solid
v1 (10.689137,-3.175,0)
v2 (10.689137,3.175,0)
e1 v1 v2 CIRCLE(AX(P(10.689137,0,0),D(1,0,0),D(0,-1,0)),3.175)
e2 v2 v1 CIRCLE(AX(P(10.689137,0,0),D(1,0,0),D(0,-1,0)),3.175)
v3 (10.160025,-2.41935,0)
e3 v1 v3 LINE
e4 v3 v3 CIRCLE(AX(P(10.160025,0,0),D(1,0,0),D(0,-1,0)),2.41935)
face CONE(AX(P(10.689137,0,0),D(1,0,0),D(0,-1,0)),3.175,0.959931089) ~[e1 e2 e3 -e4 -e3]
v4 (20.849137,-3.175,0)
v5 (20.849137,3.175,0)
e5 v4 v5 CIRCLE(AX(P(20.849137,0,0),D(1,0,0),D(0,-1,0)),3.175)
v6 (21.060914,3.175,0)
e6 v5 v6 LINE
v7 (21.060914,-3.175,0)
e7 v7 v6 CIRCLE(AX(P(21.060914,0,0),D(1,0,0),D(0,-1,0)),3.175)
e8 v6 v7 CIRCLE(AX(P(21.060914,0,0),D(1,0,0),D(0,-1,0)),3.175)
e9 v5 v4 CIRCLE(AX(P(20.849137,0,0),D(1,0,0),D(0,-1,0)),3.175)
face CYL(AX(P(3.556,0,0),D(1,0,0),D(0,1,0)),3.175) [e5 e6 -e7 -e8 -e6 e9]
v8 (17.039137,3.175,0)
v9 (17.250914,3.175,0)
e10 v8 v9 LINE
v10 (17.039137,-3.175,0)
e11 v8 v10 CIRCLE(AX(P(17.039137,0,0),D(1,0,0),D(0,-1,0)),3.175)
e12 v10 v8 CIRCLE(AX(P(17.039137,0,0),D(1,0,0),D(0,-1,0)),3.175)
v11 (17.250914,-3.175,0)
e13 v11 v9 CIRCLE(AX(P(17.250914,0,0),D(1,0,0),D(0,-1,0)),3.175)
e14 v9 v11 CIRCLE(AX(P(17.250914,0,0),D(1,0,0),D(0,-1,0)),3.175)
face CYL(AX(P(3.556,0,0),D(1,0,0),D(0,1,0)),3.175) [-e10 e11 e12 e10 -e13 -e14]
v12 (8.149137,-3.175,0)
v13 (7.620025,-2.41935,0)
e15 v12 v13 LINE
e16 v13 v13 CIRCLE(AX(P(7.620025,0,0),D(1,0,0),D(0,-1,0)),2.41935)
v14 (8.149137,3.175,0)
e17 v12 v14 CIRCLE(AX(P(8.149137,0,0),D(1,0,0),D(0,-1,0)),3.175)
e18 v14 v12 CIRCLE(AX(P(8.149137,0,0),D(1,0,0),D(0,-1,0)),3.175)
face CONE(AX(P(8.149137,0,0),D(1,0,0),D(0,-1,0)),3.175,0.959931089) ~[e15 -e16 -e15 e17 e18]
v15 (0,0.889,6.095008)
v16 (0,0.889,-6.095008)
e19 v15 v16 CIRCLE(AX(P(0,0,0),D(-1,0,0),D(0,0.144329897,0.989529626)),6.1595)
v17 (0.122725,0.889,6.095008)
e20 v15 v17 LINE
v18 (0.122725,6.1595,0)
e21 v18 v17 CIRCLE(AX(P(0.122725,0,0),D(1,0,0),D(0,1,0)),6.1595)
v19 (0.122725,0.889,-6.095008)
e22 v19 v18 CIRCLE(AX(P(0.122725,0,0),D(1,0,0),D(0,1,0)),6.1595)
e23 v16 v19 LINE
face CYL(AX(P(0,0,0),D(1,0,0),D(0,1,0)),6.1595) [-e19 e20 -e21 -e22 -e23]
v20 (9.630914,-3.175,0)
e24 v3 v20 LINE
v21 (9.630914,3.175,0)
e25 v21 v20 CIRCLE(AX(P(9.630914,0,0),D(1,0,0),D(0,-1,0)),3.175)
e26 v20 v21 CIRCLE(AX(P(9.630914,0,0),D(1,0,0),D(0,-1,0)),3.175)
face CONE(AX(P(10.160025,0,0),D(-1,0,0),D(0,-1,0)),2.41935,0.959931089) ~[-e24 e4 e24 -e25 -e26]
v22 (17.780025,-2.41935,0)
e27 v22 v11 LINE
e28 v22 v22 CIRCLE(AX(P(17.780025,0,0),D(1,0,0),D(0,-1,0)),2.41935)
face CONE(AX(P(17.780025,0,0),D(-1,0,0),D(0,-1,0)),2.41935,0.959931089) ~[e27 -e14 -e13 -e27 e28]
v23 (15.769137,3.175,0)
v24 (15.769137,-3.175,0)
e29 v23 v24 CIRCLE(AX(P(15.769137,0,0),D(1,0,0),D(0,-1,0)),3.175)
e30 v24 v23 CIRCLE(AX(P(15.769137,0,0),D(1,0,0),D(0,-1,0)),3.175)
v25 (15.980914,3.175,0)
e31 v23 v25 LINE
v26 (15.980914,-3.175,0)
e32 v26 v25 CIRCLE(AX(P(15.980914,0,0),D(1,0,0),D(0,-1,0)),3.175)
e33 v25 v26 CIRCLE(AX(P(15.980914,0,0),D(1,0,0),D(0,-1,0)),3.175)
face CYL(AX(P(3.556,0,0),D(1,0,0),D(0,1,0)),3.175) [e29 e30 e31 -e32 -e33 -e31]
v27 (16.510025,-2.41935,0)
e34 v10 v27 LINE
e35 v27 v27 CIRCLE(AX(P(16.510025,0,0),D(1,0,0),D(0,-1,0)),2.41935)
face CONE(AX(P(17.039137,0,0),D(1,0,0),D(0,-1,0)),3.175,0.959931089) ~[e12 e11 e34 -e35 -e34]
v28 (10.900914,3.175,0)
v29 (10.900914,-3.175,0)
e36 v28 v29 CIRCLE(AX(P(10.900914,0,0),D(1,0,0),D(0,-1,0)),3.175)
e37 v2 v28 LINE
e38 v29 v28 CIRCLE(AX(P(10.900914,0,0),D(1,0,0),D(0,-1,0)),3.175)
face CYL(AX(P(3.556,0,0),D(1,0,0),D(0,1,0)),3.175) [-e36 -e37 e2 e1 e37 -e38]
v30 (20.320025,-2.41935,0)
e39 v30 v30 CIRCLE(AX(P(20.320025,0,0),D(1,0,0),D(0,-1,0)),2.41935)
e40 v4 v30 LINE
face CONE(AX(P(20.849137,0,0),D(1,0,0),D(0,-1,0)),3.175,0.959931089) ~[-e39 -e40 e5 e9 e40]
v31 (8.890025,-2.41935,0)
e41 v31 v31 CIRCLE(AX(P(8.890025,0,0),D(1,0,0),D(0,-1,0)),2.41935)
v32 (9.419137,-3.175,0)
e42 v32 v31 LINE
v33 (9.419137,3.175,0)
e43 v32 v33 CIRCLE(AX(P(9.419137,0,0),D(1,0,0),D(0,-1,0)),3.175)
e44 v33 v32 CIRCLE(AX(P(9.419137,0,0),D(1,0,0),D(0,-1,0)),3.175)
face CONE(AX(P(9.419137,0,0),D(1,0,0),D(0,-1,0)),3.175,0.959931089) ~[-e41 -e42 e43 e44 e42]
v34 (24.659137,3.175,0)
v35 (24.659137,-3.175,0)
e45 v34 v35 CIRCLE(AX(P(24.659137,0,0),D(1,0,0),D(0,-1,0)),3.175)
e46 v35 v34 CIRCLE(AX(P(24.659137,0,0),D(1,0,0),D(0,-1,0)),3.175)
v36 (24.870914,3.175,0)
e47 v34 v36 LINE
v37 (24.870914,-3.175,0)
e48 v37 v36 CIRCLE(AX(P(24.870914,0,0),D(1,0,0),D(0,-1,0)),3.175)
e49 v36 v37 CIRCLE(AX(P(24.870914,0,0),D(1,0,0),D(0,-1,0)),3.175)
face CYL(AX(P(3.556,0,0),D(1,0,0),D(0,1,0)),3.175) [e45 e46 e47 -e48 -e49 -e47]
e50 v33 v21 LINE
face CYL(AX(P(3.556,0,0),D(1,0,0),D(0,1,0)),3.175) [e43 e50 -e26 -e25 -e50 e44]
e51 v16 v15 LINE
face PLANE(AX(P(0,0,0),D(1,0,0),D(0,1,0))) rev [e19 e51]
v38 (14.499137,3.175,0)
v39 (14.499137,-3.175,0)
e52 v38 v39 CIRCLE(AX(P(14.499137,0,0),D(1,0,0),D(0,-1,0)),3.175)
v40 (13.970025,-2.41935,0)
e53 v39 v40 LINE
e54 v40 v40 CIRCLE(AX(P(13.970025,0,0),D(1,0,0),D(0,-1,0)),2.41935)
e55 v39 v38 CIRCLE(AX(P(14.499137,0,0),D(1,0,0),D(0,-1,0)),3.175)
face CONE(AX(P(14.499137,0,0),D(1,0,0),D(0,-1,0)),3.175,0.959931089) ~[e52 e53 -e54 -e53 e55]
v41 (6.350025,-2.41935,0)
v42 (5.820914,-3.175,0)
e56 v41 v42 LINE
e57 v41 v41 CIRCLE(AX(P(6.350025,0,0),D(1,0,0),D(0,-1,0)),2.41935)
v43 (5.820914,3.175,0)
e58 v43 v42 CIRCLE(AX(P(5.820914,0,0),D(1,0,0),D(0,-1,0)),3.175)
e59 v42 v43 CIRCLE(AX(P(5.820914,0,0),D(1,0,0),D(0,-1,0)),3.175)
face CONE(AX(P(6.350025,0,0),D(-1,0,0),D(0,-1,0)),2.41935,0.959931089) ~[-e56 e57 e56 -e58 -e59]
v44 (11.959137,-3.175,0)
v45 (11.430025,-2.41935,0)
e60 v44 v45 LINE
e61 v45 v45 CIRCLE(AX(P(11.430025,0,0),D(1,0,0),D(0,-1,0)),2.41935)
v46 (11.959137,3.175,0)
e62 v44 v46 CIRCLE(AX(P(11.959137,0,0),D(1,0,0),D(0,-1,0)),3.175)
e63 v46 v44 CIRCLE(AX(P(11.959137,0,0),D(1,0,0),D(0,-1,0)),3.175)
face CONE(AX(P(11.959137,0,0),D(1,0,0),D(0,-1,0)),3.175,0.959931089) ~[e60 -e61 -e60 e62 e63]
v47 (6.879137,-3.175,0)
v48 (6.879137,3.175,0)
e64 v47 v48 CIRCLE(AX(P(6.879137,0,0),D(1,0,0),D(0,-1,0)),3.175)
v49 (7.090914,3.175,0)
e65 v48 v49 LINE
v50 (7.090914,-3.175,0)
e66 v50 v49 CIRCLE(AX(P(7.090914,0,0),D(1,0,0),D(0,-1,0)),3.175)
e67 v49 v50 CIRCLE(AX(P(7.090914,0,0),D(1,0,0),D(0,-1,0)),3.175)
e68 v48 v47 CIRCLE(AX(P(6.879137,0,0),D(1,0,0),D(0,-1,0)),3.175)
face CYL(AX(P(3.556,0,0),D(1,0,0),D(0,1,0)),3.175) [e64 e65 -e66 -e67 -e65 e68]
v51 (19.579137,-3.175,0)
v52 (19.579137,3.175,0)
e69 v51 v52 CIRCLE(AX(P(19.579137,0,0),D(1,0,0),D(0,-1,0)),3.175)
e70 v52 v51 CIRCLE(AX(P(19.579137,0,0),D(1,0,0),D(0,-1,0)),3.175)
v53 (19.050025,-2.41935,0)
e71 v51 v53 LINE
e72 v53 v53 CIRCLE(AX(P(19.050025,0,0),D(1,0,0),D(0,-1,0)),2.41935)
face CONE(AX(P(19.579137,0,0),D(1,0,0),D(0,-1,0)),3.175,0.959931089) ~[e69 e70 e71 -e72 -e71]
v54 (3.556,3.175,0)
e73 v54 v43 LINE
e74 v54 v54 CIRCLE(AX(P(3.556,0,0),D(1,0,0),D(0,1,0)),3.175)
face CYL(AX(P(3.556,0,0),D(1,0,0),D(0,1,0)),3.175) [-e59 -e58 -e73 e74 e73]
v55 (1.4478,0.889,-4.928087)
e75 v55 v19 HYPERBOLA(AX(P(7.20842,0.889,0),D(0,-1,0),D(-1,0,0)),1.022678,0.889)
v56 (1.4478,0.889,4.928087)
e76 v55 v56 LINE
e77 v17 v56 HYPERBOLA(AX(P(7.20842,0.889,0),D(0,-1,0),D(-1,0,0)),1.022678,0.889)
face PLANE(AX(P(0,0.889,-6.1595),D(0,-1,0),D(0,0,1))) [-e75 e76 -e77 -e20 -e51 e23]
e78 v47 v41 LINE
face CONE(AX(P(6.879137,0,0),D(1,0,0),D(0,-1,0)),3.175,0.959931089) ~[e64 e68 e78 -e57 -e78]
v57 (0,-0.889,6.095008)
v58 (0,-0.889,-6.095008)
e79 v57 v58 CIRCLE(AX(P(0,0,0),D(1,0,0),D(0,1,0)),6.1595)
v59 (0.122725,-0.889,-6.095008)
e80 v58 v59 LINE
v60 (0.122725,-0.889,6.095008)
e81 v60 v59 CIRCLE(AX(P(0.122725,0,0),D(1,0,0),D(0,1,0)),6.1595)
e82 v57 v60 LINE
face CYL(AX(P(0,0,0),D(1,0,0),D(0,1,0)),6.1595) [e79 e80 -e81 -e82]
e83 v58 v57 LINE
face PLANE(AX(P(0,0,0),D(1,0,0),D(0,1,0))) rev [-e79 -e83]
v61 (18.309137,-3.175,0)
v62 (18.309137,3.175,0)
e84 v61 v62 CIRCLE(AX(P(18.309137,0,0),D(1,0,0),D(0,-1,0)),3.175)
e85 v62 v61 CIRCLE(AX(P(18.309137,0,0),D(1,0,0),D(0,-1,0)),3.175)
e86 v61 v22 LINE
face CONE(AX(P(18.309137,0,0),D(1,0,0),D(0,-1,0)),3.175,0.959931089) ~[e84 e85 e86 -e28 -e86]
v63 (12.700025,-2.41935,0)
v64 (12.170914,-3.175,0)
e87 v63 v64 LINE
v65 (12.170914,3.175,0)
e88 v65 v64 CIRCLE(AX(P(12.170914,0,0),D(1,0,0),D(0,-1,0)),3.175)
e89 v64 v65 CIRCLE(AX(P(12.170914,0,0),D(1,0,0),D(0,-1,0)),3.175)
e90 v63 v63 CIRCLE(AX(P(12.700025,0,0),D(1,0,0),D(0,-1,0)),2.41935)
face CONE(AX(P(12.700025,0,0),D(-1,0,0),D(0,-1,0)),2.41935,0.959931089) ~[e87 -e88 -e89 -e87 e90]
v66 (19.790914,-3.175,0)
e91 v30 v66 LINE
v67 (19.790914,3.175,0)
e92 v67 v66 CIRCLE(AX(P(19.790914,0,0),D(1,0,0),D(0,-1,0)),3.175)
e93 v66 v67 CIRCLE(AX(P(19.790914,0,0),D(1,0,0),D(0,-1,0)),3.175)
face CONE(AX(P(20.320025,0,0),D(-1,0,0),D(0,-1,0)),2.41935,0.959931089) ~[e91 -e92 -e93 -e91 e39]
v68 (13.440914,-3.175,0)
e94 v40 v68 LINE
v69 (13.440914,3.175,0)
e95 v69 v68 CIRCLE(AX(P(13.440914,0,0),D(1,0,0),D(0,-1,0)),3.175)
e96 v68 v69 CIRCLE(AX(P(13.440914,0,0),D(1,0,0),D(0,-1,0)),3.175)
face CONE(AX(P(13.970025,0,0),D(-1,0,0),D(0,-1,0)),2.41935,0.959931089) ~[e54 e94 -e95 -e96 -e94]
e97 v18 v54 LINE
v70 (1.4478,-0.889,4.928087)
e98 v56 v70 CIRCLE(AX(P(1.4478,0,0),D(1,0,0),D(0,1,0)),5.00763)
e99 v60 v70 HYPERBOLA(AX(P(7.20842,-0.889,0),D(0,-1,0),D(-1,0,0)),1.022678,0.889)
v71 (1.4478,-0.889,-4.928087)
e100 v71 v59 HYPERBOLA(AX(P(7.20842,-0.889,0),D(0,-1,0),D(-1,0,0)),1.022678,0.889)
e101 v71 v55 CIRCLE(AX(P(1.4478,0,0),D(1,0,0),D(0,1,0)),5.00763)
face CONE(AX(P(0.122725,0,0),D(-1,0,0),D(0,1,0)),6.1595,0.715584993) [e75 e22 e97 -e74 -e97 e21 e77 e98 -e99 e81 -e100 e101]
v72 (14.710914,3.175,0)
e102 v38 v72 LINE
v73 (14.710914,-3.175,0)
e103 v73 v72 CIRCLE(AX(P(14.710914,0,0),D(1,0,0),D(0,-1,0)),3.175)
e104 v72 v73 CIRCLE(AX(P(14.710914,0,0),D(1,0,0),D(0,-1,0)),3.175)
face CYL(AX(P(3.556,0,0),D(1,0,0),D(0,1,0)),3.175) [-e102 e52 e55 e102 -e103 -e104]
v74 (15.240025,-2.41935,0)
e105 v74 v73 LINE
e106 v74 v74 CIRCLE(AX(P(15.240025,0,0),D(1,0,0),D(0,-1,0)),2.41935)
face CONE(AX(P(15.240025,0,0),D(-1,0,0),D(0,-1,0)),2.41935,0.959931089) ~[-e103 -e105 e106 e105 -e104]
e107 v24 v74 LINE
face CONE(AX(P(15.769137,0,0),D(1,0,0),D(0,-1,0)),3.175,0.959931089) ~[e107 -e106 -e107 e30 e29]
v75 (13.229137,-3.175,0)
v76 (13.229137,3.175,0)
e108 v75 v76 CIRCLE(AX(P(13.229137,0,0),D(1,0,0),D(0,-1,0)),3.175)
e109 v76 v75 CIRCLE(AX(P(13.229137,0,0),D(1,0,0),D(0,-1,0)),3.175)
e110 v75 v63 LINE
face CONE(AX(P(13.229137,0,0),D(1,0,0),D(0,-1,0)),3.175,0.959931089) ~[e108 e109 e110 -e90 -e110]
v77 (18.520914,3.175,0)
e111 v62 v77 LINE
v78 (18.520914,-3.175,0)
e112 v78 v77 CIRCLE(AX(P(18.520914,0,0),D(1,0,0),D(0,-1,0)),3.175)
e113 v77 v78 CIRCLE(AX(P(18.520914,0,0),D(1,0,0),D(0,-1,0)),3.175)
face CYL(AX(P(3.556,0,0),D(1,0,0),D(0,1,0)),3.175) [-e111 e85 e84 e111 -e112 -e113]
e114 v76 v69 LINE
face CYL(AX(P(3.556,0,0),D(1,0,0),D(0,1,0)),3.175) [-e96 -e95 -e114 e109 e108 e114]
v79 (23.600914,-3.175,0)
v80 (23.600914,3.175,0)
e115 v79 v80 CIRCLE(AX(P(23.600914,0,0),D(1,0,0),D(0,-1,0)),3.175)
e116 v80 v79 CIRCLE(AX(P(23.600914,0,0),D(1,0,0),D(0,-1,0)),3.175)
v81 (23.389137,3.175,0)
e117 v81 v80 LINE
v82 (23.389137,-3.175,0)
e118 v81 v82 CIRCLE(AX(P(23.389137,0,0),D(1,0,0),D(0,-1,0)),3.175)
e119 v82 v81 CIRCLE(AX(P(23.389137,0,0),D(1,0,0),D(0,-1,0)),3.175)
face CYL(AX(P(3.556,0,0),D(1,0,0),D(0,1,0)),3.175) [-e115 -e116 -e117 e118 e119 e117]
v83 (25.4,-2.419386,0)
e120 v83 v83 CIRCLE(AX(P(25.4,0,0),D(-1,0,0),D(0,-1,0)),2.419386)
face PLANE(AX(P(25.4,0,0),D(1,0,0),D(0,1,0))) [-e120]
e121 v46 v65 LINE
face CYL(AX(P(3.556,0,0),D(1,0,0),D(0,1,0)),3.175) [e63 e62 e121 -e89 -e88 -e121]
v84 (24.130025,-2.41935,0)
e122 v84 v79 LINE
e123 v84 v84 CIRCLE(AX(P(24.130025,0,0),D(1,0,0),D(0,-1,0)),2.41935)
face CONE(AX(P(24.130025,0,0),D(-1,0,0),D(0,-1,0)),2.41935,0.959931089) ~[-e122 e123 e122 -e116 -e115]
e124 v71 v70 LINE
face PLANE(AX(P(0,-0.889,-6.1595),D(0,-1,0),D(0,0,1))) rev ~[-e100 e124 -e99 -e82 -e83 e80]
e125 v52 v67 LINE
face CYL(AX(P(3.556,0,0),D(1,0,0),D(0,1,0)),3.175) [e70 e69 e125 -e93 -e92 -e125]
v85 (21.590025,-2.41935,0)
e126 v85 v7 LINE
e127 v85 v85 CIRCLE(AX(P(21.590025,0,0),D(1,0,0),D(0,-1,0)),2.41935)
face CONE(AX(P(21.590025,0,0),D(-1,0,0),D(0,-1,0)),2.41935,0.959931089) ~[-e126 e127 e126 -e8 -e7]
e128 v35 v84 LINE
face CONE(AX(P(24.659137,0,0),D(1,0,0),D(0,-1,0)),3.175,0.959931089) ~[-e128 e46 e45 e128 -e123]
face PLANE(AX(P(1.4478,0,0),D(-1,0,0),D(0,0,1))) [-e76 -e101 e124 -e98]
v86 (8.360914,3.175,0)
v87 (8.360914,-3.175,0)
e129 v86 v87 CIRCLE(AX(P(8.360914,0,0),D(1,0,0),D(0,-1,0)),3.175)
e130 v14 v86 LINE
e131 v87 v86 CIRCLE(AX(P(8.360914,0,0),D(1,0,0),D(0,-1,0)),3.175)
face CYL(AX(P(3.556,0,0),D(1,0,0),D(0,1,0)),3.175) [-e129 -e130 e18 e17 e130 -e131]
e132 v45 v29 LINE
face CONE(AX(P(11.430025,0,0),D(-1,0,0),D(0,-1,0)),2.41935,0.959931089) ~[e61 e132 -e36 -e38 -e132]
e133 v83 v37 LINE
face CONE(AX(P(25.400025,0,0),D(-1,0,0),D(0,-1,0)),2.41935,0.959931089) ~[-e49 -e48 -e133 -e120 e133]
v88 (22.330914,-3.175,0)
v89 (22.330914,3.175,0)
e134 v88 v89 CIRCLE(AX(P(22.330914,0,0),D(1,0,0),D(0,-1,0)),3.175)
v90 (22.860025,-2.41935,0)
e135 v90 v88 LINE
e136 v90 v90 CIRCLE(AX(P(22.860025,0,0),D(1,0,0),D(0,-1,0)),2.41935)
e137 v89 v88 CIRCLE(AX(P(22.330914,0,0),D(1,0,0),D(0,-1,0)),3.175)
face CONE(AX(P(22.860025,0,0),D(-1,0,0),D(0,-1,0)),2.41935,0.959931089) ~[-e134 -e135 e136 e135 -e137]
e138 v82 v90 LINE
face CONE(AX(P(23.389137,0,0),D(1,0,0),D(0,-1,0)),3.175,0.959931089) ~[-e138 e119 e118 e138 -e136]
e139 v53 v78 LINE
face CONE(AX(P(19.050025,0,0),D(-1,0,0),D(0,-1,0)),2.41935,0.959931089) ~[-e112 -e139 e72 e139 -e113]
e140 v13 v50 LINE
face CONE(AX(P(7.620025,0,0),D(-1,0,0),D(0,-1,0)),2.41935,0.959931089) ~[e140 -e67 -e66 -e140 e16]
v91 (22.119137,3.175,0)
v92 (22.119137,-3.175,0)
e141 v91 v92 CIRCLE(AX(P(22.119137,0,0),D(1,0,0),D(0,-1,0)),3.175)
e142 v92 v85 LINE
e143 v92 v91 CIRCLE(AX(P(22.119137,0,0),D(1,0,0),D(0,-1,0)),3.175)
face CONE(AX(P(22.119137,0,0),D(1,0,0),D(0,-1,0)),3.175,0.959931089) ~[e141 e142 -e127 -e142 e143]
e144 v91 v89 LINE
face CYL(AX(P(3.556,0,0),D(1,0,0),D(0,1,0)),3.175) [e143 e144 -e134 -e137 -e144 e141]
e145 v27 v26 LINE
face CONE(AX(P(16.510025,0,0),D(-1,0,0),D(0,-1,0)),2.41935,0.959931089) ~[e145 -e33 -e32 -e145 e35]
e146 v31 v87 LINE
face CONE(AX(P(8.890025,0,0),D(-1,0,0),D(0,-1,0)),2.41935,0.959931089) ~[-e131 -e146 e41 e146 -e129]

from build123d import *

# Parameters (mm, degrees)
SKETCH6_W       = 12.319
SKETCH6_H       = 1.778
SLOT_DEPTH      = 1.4478
THDSCHPAT_COUNT = 16
THDSCHPAT_PITCH = 1.27


with BuildPart() as part:
    # BodySke → Base-Revolve (revolve)
    with BuildSketch(Plane.XY):
        Polygon((0, 0), (0, 6.1595), (0.122725489, 6.1595), (3.556, 3.175), (25.4, 3.175), (25.4, 0), align=None)
    revolve(axis=Axis((-6.35, 0, 0), (1, 0, 0)))

    # Sketch6 → Slot (cut)
    with BuildSketch(Plane.ZY):
        Rectangle(SKETCH6_W, SKETCH6_H)
    extrude(amount=-SLOT_DEPTH, mode=Mode.SUBTRACT)

    # ThdSchSke → ThreadSchematic (revolve, cut)
    with BuildSketch(Plane.XY):
        Polygon((6.3500254, -2.41935), (5.820913574, -3.175), (5.820913574, -3.96875), (6.879137226, -3.96875), (6.879137226, -3.175), align=None)
    threadschematic = revolve(axis=Axis((-3.175, 0, 0), (1, 0, 0)), mode=Mode.SUBTRACT)

    # ThdSchPat: ThreadSchematic ×16
    with Locations(*[(i * THDSCHPAT_PITCH, 0, 0) for i in range(1, THDSCHPAT_COUNT)]):
        add(threadschematic, mode=Mode.SUBTRACT)


solid = part.part
